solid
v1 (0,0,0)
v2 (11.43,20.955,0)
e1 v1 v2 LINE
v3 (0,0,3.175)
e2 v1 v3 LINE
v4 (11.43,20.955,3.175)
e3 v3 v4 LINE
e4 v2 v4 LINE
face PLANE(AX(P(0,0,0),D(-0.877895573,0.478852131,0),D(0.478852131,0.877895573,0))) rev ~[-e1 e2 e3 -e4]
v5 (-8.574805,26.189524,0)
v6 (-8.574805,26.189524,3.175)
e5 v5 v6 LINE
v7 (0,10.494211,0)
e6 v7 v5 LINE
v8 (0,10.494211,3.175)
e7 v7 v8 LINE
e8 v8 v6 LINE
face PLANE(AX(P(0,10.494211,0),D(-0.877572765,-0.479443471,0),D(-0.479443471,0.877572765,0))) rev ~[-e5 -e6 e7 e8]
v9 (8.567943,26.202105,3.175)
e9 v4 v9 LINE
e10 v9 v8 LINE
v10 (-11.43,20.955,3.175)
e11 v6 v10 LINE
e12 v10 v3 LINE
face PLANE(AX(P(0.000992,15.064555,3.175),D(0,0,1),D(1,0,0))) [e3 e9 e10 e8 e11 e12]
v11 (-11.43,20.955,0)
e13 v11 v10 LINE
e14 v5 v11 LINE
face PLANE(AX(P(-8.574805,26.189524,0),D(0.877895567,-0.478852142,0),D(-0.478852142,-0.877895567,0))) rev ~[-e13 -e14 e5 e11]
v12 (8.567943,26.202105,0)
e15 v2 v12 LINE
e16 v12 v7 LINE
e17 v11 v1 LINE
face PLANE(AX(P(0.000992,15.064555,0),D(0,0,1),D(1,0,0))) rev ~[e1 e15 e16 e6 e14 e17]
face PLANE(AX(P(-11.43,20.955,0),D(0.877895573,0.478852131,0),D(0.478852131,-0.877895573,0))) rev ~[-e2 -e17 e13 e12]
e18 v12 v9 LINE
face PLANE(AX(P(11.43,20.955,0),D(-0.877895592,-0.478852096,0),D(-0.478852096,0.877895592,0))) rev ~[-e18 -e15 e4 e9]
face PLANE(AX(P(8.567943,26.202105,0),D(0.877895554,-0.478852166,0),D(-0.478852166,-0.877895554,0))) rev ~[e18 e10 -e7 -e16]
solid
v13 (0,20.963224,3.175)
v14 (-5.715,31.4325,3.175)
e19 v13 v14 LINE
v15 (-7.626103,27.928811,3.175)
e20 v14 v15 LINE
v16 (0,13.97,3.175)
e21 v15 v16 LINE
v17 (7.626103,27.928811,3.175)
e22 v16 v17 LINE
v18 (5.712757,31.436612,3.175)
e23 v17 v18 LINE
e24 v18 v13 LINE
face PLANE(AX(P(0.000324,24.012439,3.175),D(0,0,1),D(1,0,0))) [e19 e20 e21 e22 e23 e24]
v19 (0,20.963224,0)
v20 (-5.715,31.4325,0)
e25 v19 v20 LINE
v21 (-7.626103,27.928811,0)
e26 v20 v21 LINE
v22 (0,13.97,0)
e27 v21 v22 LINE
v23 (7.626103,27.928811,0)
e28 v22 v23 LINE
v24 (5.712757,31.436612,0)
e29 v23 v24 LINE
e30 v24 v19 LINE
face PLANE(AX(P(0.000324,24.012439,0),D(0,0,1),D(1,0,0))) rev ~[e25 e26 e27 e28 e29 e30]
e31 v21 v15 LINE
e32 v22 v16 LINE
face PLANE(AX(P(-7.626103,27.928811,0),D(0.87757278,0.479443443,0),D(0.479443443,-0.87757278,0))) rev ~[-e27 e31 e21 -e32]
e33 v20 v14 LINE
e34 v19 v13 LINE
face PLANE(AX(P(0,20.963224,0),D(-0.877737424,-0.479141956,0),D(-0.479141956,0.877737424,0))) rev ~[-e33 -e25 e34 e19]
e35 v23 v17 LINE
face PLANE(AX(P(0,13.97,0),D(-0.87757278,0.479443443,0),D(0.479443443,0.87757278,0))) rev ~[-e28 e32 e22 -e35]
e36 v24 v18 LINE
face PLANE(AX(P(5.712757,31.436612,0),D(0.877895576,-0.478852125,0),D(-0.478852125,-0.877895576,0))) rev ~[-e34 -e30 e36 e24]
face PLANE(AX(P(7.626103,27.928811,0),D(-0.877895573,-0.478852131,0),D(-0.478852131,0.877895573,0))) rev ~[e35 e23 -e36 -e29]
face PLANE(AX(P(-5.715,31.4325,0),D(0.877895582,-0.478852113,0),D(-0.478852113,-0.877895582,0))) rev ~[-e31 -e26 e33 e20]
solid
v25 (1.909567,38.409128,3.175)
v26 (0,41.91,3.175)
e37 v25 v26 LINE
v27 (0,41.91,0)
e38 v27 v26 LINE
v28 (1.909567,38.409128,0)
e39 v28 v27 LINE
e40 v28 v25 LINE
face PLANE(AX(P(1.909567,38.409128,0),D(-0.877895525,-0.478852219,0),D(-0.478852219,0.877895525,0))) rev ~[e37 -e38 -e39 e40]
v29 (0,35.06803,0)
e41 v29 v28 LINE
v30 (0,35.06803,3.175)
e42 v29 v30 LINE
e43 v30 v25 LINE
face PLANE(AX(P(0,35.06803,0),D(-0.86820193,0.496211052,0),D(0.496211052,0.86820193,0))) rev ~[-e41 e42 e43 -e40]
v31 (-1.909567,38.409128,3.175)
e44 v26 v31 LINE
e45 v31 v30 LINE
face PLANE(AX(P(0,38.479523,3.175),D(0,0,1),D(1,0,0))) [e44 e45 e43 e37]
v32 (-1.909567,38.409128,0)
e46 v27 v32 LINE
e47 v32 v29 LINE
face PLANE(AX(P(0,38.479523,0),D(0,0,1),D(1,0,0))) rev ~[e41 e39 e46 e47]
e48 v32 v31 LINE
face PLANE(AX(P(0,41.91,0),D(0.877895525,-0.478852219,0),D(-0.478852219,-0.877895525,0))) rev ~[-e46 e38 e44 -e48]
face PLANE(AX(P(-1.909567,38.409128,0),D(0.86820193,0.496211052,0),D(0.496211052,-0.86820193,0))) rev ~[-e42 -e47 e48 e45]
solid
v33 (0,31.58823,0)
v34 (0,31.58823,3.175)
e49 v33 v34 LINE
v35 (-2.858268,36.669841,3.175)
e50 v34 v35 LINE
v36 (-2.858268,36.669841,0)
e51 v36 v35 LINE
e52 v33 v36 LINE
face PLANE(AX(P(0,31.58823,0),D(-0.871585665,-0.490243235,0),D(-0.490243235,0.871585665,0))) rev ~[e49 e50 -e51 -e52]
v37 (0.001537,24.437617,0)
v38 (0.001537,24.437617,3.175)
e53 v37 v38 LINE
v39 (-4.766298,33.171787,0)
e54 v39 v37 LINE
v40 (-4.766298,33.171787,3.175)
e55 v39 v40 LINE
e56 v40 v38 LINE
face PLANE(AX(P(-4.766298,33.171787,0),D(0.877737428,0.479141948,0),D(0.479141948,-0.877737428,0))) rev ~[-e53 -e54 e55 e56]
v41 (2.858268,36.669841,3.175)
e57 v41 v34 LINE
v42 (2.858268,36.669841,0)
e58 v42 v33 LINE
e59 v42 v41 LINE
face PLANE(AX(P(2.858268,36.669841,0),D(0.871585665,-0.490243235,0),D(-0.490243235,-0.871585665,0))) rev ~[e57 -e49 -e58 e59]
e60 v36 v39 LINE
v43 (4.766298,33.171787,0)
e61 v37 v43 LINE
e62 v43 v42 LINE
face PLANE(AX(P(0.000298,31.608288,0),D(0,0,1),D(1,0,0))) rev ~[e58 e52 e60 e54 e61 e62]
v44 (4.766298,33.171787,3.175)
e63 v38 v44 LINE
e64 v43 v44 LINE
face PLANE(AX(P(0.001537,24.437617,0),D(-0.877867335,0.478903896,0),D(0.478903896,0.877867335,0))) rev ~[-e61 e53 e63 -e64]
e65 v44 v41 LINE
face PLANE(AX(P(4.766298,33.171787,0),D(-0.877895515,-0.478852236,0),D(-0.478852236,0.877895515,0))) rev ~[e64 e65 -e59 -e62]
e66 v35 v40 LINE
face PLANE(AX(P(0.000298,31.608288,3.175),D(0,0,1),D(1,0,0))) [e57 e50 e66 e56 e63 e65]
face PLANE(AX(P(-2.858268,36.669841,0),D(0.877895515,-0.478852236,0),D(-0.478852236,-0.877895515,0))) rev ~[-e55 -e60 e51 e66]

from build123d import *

# Parameters (mm, degrees)
F1_DEPTH = 3.175


with BuildPart() as f1:
    # F0 (on Top) → F1 (new body)
    with BuildSketch(Plane.XY):
        Polygon((1.909567, 38.409128), (0, 41.91), (-1.909567, 38.409128), (0, 35.06803), align=None)
        Polygon((-8.574805, 26.189524), (-11.43, 20.955), (0, 0), (11.43, 20.955), (8.567943, 26.202105), (0, 10.494211), align=None)
        Polygon((-2.858268, 36.669841), (-4.766298, 33.171787), (0.001537, 24.437617), (4.766298, 33.171787), (2.858268, 36.669841), (0, 31.58823), align=None)
        Polygon((-5.715, 31.4325), (-7.626103, 27.928811), (0, 13.97), (7.626103, 27.928811), (5.712757, 31.436612), (0, 20.963224), align=None)
    extrude(amount=F1_DEPTH)


solid = f1.part
